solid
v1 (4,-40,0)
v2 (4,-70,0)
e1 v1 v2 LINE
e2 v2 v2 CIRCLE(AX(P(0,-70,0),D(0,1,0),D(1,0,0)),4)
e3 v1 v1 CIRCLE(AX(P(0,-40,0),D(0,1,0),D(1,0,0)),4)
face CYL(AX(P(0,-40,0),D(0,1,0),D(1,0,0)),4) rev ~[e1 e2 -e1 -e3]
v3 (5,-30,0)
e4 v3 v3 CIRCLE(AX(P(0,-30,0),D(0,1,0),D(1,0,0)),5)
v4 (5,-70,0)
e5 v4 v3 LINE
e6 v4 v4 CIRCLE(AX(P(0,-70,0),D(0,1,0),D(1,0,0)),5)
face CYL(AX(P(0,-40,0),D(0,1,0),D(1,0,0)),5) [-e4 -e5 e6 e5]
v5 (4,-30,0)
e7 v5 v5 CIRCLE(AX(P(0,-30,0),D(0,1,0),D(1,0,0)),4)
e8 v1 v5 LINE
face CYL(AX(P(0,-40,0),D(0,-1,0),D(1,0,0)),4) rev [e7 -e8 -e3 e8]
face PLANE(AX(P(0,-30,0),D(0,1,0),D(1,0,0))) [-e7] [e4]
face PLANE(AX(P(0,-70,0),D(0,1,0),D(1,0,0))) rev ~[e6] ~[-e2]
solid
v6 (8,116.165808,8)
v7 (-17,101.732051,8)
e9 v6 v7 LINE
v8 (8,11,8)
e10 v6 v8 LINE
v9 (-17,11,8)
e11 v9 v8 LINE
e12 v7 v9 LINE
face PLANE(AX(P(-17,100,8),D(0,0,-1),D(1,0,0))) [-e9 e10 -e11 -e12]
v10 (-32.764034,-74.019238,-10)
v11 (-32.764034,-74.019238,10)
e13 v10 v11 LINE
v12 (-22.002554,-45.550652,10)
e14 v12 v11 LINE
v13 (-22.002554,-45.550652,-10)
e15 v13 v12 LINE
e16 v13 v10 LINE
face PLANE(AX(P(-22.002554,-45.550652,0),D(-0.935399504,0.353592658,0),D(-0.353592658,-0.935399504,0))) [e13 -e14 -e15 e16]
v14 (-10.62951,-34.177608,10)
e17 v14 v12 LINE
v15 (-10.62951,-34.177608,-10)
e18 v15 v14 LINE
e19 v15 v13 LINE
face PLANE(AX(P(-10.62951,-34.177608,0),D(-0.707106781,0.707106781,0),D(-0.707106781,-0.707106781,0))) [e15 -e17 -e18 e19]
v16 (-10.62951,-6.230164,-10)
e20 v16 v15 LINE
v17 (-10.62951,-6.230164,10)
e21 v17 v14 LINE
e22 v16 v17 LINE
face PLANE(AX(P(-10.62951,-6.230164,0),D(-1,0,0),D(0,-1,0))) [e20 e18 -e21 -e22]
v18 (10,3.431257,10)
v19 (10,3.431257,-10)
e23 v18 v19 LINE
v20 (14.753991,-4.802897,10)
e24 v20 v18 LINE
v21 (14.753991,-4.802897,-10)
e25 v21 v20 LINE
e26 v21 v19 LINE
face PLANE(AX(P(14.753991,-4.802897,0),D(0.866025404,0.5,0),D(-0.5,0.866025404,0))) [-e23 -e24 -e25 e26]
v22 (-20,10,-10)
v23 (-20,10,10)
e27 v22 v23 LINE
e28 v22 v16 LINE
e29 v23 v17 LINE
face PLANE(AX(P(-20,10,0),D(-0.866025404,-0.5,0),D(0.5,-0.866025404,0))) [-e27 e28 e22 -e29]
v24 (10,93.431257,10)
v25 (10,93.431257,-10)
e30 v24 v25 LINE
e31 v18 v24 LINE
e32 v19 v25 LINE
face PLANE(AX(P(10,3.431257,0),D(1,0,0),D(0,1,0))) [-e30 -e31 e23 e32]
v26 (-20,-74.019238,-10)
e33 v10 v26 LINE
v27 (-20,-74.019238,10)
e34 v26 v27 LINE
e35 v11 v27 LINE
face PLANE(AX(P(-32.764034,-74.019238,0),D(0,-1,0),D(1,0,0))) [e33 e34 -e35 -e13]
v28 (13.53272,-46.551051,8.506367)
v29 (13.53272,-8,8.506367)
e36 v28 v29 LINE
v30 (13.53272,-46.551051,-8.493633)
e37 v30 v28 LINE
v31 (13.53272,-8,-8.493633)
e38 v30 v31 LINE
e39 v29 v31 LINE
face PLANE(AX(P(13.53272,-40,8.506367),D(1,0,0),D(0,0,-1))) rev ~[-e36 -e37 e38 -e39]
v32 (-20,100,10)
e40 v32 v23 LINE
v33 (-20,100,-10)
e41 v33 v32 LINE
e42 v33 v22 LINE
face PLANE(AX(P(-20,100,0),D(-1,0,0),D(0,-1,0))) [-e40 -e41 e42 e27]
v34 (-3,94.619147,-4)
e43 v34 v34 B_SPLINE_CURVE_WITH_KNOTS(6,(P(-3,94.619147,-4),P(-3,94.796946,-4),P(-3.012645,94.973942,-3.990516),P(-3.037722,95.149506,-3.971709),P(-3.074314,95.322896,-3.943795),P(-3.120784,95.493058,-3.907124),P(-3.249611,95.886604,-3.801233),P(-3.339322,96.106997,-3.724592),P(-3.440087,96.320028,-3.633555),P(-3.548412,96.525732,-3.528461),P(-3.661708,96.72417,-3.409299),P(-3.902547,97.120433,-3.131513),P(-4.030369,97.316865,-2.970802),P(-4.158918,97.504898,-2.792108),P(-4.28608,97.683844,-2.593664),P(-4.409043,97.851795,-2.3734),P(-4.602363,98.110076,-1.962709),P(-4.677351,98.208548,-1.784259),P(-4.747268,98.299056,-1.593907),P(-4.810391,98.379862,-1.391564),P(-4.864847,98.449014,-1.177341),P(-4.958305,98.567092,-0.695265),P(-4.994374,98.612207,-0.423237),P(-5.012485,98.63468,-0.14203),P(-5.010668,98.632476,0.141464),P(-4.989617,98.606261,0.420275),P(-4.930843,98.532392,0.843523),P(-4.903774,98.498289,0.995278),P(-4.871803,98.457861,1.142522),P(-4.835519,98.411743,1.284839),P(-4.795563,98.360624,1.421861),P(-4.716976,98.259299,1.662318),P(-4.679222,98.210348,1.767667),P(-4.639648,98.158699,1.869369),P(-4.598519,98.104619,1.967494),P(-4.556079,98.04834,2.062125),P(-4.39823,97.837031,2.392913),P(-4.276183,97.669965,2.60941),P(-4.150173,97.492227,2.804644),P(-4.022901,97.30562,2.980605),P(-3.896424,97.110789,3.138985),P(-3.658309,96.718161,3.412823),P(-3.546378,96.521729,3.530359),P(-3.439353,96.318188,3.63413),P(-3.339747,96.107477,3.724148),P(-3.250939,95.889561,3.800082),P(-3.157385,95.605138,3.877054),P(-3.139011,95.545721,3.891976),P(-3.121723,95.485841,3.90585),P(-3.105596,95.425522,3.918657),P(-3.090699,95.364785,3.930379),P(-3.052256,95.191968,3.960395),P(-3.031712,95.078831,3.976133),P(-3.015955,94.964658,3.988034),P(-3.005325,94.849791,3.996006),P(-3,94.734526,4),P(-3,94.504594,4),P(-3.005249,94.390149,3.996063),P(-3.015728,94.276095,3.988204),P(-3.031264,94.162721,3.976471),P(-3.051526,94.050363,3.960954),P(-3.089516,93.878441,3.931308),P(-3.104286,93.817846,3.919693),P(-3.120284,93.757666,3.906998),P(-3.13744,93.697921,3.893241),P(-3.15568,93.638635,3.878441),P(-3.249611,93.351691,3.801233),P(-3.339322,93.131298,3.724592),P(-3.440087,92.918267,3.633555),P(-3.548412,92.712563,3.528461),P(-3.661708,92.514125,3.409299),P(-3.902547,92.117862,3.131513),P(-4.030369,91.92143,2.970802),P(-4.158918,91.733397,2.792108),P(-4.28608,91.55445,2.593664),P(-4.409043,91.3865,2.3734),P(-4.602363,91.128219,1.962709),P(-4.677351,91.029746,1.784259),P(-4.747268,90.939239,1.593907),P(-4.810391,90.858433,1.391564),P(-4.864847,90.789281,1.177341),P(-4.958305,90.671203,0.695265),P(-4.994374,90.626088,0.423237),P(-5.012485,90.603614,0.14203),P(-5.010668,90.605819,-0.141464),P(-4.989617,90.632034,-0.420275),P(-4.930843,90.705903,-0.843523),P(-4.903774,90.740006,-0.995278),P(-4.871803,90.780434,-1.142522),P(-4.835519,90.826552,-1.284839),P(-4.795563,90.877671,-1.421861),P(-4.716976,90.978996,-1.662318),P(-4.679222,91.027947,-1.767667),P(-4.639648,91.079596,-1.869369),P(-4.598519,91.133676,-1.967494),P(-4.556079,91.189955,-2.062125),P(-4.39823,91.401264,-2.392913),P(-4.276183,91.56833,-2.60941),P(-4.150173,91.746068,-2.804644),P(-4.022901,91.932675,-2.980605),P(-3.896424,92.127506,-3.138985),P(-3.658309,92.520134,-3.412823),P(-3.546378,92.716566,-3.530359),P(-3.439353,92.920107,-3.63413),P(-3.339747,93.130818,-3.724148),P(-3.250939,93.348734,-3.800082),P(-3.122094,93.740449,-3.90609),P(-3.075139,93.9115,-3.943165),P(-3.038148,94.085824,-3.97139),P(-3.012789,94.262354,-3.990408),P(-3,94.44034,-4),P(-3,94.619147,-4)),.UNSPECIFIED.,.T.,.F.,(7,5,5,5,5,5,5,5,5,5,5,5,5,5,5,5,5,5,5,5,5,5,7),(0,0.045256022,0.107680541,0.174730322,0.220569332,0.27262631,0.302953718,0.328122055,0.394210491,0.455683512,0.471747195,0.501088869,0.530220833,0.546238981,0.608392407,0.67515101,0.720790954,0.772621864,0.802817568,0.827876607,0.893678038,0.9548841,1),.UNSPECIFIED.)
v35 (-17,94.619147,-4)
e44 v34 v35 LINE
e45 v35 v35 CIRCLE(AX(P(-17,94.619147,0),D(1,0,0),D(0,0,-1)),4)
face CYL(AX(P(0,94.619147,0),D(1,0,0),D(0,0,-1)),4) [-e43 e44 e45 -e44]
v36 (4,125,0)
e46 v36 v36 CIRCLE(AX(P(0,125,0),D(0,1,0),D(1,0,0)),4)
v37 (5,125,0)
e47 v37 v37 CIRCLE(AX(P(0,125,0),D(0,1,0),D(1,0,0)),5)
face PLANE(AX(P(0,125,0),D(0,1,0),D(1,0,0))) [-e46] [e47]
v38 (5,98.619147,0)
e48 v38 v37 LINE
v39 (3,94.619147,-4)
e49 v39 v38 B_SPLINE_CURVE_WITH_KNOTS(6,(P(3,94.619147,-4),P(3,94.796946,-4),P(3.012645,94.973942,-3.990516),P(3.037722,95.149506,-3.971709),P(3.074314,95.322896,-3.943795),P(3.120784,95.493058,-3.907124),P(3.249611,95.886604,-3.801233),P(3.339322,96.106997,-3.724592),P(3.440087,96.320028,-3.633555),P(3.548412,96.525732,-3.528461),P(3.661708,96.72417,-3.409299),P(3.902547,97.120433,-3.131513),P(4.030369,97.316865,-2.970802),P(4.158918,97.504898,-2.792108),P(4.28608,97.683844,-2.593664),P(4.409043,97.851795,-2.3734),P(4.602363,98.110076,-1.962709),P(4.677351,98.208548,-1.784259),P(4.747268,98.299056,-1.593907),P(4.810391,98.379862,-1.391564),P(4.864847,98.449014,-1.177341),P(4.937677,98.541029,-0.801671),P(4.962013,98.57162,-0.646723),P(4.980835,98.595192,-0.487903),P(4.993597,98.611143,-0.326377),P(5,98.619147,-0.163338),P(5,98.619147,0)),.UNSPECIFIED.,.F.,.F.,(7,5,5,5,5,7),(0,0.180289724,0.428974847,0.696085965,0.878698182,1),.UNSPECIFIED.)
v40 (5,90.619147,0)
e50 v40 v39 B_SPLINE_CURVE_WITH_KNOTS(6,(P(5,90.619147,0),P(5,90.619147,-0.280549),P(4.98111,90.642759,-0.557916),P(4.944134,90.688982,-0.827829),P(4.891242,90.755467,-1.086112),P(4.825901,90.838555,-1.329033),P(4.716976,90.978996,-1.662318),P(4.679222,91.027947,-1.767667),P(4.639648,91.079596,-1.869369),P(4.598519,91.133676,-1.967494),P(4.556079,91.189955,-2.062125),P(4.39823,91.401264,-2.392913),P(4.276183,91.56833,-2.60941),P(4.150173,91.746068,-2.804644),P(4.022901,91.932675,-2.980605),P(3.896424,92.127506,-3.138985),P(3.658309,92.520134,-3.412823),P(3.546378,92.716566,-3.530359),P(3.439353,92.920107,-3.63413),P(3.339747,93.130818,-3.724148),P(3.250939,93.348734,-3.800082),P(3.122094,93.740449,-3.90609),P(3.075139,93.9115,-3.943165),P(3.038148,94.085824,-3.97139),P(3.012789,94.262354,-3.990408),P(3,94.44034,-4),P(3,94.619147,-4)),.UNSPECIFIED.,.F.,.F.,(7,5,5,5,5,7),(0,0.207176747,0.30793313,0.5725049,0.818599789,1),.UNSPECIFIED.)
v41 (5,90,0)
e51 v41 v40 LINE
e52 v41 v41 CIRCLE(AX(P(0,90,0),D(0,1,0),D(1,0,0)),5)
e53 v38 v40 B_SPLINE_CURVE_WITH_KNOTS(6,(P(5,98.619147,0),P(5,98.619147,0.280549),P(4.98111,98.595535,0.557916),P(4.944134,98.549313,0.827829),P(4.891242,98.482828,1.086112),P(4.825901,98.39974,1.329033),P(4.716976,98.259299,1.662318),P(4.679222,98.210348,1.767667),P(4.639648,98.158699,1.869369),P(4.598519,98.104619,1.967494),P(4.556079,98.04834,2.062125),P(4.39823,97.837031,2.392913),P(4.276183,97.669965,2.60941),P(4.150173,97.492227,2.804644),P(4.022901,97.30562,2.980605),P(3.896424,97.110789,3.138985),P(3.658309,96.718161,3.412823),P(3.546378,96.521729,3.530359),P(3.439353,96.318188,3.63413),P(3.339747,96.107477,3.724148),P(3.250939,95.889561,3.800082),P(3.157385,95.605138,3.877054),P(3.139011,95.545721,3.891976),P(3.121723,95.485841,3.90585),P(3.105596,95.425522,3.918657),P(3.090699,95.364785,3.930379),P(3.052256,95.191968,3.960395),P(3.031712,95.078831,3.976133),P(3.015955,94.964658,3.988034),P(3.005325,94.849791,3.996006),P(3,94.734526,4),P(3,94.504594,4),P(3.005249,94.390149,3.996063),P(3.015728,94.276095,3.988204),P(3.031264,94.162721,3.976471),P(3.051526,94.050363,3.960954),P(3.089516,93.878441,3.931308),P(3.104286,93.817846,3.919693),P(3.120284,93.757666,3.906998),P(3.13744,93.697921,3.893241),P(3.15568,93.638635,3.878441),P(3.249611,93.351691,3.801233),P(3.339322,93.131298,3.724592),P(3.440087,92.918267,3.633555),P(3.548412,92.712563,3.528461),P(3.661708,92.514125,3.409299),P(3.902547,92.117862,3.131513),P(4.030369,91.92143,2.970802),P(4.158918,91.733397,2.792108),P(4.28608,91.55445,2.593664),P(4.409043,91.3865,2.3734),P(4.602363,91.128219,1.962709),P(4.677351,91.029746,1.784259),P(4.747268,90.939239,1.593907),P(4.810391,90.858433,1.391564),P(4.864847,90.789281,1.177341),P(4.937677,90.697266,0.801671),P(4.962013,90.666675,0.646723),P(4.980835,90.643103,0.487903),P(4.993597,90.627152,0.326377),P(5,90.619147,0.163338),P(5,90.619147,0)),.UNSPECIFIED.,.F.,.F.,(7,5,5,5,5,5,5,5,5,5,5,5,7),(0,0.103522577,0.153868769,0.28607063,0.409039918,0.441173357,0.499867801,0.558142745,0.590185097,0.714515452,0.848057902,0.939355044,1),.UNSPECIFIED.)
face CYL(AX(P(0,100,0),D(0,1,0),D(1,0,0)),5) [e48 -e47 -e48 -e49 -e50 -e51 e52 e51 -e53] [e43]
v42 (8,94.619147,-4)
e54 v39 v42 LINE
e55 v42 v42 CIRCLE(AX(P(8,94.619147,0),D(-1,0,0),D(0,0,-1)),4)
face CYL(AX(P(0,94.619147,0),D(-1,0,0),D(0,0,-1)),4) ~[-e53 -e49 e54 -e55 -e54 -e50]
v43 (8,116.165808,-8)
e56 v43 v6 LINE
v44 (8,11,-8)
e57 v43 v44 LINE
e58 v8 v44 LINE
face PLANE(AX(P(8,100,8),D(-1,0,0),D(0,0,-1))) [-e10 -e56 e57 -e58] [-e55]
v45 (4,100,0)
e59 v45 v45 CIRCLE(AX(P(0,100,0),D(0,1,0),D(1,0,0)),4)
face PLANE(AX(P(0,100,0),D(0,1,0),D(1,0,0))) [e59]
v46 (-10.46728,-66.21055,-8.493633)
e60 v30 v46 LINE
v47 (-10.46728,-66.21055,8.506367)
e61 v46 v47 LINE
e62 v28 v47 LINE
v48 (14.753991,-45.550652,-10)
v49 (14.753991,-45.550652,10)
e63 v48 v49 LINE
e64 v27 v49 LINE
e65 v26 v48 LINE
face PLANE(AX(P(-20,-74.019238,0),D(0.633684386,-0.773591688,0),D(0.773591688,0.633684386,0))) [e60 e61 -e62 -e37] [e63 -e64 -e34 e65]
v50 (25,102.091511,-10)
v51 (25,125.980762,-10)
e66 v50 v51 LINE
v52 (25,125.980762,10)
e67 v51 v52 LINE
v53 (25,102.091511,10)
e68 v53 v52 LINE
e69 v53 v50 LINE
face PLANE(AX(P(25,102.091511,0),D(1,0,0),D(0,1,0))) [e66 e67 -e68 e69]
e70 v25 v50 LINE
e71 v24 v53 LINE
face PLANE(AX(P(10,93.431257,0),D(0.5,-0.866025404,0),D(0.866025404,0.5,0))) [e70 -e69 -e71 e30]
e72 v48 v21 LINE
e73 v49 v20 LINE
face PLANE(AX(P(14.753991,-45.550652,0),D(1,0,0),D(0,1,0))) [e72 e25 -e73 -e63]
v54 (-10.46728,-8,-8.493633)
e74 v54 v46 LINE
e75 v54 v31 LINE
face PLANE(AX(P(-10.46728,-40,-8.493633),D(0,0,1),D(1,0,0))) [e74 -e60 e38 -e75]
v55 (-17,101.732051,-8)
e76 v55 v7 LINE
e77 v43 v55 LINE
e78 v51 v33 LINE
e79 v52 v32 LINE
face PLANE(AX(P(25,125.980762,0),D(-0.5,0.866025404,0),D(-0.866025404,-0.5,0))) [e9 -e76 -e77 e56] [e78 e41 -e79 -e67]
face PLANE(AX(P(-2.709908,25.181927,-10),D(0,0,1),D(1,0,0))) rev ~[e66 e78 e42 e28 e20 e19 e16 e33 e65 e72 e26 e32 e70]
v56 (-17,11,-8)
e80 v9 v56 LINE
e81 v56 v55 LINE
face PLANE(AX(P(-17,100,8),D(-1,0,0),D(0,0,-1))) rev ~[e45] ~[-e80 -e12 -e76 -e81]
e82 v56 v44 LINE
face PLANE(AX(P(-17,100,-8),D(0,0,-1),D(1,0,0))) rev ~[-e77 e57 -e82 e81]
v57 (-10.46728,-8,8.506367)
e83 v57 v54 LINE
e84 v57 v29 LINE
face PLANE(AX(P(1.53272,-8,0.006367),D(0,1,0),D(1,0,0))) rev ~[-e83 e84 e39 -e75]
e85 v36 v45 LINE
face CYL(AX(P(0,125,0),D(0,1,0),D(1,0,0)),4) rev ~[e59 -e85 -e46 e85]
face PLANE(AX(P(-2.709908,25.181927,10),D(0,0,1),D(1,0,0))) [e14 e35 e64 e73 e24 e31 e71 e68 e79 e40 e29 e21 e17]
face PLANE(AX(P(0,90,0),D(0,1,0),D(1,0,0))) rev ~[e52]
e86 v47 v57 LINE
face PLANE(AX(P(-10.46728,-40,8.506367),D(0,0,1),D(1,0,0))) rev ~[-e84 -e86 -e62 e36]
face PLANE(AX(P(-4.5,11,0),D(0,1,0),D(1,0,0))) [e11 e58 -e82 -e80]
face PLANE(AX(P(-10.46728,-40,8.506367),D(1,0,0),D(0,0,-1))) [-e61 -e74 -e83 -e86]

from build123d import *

# Parameters (mm, degrees)
BOSS_EXTRUDE1_DEPTH      = 10
SKETCH4_W                = 25
SKETCH4_H                = 16
CUT_EXTRUDE1_DEPTH       = 20
CUT_EXTRUDE1_DEPTH_BACK  = 89
SKETCH5_R                = 5
BOSS_EXTRUDE2_DEPTH      = 25
BOSS_EXTRUDE2_DEPTH_BACK = 10
SKETCH7_R                = 4
BOSS_EXTRUDE3_DEPTH      = 10
BOSS_EXTRUDE3_DEPTH_BACK = 18
SKETCH8_R                = 4
CUT_EXTRUDE2_DEPTH       = 25
SKETCH9_W                = 24
SKETCH9_H                = 17
CUT_EXTRUDE3_DEPTH       = 32
CUT_EXTRUDE3_DEPTH_BACK  = 28
SKETCH11_R               = 5
SKETCH11_R_2             = 4
BOSS_EXTRUDE4_DEPTH      = 10
BOSS_EXTRUDE4_DEPTH_BACK = 30


with BuildPart() as part:
    # Sketch2 → Boss-Extrude1 (new body, symmetric)
    with BuildSketch(Plane.XY):
        Polygon((25, 102.091511477), (25, 125.980762114), (-20, 100), (-20, 10), (-10.629510425, -6.230164035), (-10.629510425, -34.17760788), (-22.002554237, -45.550651692), (-32.764034249, -74.019237886), (-20, -74.019237886), (14.753991307, -45.550651692), (14.753991307, -4.802897042), (10, 3.431257439), (10, 93.431257439), align=None)
    extrude(amount=BOSS_EXTRUDE1_DEPTH, both=True)

    # Sketch4 → Cut-Extrude1 (cut, two sides)
    with BuildSketch(Plane(origin=(0, 100, 0), x_dir=(1, 0, 0), z_dir=(0, 1, 0))) as cut_extrude1_sk:
        with Locations((-4.5, 0)):
            Rectangle(SKETCH4_W, SKETCH4_H)
    extrude(amount=CUT_EXTRUDE1_DEPTH, mode=Mode.SUBTRACT)
    extrude(cut_extrude1_sk.sketch, amount=-CUT_EXTRUDE1_DEPTH_BACK, mode=Mode.SUBTRACT)



with BuildPart() as body_2:
    # Sketch5 → Boss-Extrude2 (new body, two sides)
    with BuildSketch(Plane(origin=(0, 100, 0), x_dir=(1, 0, 0), z_dir=(0, 1, 0))) as boss_extrude2_sk:
        Circle(SKETCH5_R)
    extrude(amount=BOSS_EXTRUDE2_DEPTH)
    extrude(boss_extrude2_sk.sketch, amount=-BOSS_EXTRUDE2_DEPTH_BACK)


with BuildPart() as part_1:
    add(part.part)

    add(body_2.part)  # Boss-Extrude3 merges body 2
    # Sketch7 → Boss-Extrude3 (add, two sides)
    with BuildSketch(Plane(origin=(0, 0, 0), x_dir=(0, 0, -1), z_dir=(1, 0, 0))) as boss_extrude3_sk:
        with Locations((0, 94.619147456)):
            Circle(SKETCH7_R)
    extrude(amount=BOSS_EXTRUDE3_DEPTH)
    extrude(boss_extrude3_sk.sketch, amount=-BOSS_EXTRUDE3_DEPTH_BACK)

    # Sketch8 → Cut-Extrude2 (cut)
    with BuildSketch(Plane(origin=(0, 125, 0), x_dir=(1, 0, 0), z_dir=(0, 1, 0))):
        Circle(SKETCH8_R)
    extrude(amount=-CUT_EXTRUDE2_DEPTH, mode=Mode.SUBTRACT)

    # Sketch9 → Cut-Extrude3 (cut, two sides)
    with BuildSketch(Plane(origin=(0, -40, 0), x_dir=(1, 0, 0), z_dir=(0, 1, 0))) as cut_extrude3_sk:
        with Locations((1.532719755, -0.006367264)):
            Rectangle(SKETCH9_W, SKETCH9_H)
    extrude(amount=CUT_EXTRUDE3_DEPTH, mode=Mode.SUBTRACT)
    extrude(cut_extrude3_sk.sketch, amount=-CUT_EXTRUDE3_DEPTH_BACK, mode=Mode.SUBTRACT)


with BuildPart() as body_2_2:
    # Sketch11 → Boss-Extrude4 (new body, two sides)
    with BuildSketch(Plane(origin=(0, -40, 0), x_dir=(1, 0, 0), z_dir=(0, 1, 0))) as boss_extrude4_sk:
        Circle(SKETCH11_R)
        Circle(SKETCH11_R_2, mode=Mode.SUBTRACT)
    extrude(amount=BOSS_EXTRUDE4_DEPTH)
    extrude(boss_extrude4_sk.sketch, amount=-BOSS_EXTRUDE4_DEPTH_BACK)


solid = Compound([part_1.part, body_2_2.part])
